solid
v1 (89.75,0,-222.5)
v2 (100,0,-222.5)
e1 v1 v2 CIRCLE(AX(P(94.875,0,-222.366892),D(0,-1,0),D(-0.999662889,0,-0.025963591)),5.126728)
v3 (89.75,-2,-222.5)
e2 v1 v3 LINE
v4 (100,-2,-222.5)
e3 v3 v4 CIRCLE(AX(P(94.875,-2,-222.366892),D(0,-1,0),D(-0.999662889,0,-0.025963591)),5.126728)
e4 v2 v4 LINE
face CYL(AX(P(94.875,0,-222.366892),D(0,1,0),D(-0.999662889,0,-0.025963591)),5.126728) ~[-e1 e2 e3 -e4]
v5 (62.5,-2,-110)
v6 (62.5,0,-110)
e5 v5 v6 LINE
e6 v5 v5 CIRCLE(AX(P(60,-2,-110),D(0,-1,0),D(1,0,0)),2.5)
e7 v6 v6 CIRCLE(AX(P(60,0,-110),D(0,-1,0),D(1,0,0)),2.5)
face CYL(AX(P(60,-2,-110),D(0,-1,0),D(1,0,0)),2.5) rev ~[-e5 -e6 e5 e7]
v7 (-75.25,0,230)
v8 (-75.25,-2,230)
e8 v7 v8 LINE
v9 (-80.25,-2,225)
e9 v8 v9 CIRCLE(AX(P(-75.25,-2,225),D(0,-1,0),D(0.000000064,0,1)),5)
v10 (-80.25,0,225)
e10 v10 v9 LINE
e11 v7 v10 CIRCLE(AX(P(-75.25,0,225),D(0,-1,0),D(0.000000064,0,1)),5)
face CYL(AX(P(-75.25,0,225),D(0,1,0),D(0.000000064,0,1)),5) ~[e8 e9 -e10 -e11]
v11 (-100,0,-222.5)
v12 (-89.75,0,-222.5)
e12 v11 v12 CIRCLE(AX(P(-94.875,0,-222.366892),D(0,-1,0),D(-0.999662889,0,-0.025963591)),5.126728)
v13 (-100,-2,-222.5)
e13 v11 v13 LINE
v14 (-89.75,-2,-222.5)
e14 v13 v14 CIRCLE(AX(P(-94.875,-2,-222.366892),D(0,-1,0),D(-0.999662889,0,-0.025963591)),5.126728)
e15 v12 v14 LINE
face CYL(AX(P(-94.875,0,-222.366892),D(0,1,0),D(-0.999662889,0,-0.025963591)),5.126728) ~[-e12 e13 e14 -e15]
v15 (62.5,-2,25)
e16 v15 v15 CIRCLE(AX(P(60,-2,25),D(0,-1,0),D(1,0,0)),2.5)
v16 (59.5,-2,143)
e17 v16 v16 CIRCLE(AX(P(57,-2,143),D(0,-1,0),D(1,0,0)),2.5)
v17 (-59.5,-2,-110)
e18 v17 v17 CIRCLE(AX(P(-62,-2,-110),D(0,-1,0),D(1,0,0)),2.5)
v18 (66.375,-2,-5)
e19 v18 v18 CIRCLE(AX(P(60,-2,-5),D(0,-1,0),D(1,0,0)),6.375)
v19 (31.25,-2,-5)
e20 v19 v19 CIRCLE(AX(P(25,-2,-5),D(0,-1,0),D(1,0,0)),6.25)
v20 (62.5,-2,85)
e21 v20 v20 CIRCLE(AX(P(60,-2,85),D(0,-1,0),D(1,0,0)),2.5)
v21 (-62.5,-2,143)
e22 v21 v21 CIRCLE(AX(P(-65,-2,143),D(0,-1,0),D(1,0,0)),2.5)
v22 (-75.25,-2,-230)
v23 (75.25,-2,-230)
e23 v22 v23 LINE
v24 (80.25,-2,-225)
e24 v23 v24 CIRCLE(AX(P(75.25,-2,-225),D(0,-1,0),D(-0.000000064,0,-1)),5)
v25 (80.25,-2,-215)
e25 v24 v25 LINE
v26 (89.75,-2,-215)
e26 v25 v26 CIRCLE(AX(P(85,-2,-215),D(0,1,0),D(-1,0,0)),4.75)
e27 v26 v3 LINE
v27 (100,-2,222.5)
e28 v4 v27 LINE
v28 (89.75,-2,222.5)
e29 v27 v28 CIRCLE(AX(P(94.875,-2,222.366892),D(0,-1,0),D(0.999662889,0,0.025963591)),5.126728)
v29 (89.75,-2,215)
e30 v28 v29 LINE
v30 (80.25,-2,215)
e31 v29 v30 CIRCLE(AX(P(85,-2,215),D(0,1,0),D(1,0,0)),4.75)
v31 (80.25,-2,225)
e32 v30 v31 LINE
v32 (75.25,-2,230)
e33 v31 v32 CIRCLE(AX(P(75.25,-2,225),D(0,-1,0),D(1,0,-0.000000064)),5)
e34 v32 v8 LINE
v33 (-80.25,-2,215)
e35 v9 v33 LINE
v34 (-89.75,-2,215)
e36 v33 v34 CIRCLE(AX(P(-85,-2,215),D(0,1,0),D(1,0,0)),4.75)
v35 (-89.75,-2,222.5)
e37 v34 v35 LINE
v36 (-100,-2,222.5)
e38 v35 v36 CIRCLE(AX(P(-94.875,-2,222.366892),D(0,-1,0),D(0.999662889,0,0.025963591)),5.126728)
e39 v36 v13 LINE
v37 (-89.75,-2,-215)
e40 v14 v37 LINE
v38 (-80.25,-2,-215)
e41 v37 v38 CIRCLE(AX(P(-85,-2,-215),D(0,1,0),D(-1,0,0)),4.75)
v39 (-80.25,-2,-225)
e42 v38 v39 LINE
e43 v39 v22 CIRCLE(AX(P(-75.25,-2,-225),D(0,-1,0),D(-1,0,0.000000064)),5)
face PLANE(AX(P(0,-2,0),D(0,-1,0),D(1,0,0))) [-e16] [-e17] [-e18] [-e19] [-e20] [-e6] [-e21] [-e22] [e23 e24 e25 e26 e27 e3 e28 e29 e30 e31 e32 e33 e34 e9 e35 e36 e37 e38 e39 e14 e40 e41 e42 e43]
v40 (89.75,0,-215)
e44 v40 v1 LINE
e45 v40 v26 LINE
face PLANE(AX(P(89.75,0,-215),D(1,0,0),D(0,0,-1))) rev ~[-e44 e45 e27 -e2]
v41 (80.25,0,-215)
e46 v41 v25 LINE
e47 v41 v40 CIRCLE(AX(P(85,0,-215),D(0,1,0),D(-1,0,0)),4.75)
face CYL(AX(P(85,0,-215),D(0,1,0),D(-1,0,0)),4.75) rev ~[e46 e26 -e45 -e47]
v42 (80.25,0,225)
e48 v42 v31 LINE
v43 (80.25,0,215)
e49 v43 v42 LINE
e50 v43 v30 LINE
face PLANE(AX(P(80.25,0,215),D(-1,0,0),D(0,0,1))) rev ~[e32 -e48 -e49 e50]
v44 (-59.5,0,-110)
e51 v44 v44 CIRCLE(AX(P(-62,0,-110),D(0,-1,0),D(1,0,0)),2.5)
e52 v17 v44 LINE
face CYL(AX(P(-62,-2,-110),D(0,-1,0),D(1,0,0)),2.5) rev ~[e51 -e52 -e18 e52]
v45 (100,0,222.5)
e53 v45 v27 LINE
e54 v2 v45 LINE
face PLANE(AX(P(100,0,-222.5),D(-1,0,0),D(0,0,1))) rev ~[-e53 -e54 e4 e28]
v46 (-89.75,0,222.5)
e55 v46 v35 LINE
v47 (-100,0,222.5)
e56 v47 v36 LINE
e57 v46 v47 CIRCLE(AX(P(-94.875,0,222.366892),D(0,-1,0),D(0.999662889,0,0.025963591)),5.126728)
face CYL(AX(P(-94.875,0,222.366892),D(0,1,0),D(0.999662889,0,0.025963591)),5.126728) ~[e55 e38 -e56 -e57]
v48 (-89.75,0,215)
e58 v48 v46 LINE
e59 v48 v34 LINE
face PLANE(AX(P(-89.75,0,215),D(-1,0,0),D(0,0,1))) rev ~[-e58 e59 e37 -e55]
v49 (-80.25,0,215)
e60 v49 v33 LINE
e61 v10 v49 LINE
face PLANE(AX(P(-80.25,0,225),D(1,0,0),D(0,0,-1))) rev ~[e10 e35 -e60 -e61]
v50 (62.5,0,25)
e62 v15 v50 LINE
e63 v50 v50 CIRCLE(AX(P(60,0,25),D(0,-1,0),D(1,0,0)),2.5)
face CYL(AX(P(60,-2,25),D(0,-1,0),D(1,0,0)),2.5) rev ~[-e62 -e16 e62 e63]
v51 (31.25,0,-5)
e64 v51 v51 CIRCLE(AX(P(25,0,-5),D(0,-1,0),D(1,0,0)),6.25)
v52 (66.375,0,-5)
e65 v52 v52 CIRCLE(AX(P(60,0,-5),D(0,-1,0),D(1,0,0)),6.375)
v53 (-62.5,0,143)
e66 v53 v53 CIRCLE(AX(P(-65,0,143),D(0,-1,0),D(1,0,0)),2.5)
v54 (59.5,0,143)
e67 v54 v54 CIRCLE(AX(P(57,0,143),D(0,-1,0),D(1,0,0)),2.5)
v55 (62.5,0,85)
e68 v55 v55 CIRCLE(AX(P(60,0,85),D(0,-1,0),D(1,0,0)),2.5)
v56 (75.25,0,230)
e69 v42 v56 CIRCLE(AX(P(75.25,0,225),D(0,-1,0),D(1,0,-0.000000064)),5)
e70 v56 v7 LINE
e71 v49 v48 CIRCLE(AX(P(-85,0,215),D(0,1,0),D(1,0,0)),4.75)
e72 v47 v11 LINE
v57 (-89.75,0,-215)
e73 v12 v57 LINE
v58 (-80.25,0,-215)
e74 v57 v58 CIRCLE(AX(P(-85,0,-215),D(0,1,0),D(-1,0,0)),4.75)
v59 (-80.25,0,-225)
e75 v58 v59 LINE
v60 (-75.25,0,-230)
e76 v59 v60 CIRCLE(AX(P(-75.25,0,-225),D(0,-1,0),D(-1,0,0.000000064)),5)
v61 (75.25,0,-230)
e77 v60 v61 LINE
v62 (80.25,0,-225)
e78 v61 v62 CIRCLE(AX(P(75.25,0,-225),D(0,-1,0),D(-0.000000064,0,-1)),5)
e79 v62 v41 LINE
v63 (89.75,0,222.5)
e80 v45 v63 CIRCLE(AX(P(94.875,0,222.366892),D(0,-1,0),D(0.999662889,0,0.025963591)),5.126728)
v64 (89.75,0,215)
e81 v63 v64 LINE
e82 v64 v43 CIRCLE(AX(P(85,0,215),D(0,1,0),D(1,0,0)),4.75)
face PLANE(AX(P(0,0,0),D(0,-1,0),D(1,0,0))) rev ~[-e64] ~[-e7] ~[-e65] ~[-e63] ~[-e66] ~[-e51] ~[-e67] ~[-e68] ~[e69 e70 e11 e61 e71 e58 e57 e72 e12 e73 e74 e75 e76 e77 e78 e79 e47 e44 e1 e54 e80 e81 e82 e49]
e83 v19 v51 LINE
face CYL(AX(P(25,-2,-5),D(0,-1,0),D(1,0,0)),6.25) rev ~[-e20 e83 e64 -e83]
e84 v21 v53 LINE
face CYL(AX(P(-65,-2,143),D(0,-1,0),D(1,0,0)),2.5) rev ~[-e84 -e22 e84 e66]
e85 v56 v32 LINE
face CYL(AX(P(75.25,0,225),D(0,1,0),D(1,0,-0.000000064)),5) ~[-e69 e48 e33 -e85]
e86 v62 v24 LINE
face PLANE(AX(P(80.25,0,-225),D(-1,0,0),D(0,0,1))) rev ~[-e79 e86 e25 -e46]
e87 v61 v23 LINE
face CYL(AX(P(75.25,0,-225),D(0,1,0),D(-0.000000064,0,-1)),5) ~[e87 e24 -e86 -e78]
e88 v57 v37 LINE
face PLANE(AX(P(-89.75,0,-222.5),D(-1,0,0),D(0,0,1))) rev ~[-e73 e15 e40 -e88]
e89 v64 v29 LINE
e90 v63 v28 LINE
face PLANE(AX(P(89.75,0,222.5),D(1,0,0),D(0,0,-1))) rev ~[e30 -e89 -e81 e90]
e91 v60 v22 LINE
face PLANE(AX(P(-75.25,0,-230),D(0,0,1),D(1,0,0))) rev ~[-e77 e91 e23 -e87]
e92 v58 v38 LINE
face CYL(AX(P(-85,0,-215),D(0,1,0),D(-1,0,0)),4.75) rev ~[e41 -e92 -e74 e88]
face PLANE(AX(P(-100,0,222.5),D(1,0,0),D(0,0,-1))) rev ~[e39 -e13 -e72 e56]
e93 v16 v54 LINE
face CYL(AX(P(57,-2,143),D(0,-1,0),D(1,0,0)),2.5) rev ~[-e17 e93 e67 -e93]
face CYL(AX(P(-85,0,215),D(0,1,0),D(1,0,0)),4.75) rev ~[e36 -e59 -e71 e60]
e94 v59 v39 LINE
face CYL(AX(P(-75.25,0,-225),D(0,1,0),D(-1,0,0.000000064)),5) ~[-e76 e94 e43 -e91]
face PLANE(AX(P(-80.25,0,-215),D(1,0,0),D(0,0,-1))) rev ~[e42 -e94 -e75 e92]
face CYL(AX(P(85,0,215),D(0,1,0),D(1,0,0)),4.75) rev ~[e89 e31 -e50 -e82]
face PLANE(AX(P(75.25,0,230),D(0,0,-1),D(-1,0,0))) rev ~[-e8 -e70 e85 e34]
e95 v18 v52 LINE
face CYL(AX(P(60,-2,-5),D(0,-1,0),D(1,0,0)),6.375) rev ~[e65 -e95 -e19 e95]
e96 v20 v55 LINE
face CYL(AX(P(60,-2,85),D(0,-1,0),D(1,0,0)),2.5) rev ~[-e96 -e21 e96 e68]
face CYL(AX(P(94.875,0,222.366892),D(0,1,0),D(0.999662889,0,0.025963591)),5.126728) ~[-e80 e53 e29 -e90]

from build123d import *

# Parameters (mm, degrees)
F1_DEPTH = 2
F2_R     = 6.25
F3_DEPTH = 2.001
F4_R     = 2.5
F4_R_2   = 6.375
F5_DEPTH = 25


with BuildPart() as f1:
    # F0 (on Front) → F1 (new body)
    with BuildSketch(Plane.XZ):
        with BuildLine():
            ThreePointArc((-80.25, -225), (-78.785534, -228.535534), (-75.25, -230))
            Line((-75.25, -230), (75.25, -230))
            ThreePointArc((75.25, -230), (78.785534, -228.535534), (80.25, -225))
            Line((80.25, -225), (80.25, -215))
            ThreePointArc((80.25, -215), (85, -210.25), (89.75, -215))
            Line((89.75, -215), (89.75, -222.5))
            ThreePointArc((89.75, -222.5), (94.875, -227.49362), (100, -222.5))
            Line((100, -222.5), (100, 222.5))
            ThreePointArc((100, 222.5), (94.875, 227.49362), (89.75, 222.5))
            Line((89.75, 222.5), (89.75, 215))
            ThreePointArc((89.75, 215), (85, 210.25), (80.25, 215))
            Line((80.25, 215), (80.25, 225))
            ThreePointArc((80.25, 225), (78.785534, 228.535534), (75.25, 230))
            Line((75.25, 230), (-75.25, 230))
            ThreePointArc((-75.25, 230), (-78.785534, 228.535534), (-80.25, 225))
            Line((-80.25, 225), (-80.25, 215))
            ThreePointArc((-80.25, 215), (-85, 210.25), (-89.75, 215))
            Line((-89.75, 215), (-89.75, 222.5))
            ThreePointArc((-89.75, 222.5), (-94.875, 227.49362), (-100, 222.5))
            Line((-100, 222.5), (-100, -222.5))
            ThreePointArc((-100, -222.5), (-94.875, -227.49362), (-89.75, -222.5))
            Line((-89.75, -222.5), (-89.75, -215))
            ThreePointArc((-89.75, -215), (-85, -210.25), (-80.25, -215))
            Line((-80.25, -215), (-80.25, -225))
        make_face()
    extrude(amount=F1_DEPTH)

    # F2 (on face) → F3 (cut, through all)
    with BuildSketch(Plane.XZ.offset(2)):
        with Locations((25, -5)):
            Circle(F2_R)
    extrude(amount=-F3_DEPTH, mode=Mode.SUBTRACT)

    # F4 (on face) → F5 (cut)
    with BuildSketch(Plane.XZ.offset(2)):
        with Locations((-62, -110)):
            Circle(F4_R)
        with Locations((60, -110)):
            Circle(F4_R)
        with Locations((60, -5)):
            Circle(F4_R_2)
        with Locations((60, 25)):
            Circle(F4_R)
        with Locations((60, 85)):
            Circle(F4_R)
        with Locations((-65, 143)):
            Circle(F4_R)
        with Locations((57, 143)):
            Circle(F4_R)
    extrude(amount=-F5_DEPTH, mode=Mode.SUBTRACT)


solid = f1.part
